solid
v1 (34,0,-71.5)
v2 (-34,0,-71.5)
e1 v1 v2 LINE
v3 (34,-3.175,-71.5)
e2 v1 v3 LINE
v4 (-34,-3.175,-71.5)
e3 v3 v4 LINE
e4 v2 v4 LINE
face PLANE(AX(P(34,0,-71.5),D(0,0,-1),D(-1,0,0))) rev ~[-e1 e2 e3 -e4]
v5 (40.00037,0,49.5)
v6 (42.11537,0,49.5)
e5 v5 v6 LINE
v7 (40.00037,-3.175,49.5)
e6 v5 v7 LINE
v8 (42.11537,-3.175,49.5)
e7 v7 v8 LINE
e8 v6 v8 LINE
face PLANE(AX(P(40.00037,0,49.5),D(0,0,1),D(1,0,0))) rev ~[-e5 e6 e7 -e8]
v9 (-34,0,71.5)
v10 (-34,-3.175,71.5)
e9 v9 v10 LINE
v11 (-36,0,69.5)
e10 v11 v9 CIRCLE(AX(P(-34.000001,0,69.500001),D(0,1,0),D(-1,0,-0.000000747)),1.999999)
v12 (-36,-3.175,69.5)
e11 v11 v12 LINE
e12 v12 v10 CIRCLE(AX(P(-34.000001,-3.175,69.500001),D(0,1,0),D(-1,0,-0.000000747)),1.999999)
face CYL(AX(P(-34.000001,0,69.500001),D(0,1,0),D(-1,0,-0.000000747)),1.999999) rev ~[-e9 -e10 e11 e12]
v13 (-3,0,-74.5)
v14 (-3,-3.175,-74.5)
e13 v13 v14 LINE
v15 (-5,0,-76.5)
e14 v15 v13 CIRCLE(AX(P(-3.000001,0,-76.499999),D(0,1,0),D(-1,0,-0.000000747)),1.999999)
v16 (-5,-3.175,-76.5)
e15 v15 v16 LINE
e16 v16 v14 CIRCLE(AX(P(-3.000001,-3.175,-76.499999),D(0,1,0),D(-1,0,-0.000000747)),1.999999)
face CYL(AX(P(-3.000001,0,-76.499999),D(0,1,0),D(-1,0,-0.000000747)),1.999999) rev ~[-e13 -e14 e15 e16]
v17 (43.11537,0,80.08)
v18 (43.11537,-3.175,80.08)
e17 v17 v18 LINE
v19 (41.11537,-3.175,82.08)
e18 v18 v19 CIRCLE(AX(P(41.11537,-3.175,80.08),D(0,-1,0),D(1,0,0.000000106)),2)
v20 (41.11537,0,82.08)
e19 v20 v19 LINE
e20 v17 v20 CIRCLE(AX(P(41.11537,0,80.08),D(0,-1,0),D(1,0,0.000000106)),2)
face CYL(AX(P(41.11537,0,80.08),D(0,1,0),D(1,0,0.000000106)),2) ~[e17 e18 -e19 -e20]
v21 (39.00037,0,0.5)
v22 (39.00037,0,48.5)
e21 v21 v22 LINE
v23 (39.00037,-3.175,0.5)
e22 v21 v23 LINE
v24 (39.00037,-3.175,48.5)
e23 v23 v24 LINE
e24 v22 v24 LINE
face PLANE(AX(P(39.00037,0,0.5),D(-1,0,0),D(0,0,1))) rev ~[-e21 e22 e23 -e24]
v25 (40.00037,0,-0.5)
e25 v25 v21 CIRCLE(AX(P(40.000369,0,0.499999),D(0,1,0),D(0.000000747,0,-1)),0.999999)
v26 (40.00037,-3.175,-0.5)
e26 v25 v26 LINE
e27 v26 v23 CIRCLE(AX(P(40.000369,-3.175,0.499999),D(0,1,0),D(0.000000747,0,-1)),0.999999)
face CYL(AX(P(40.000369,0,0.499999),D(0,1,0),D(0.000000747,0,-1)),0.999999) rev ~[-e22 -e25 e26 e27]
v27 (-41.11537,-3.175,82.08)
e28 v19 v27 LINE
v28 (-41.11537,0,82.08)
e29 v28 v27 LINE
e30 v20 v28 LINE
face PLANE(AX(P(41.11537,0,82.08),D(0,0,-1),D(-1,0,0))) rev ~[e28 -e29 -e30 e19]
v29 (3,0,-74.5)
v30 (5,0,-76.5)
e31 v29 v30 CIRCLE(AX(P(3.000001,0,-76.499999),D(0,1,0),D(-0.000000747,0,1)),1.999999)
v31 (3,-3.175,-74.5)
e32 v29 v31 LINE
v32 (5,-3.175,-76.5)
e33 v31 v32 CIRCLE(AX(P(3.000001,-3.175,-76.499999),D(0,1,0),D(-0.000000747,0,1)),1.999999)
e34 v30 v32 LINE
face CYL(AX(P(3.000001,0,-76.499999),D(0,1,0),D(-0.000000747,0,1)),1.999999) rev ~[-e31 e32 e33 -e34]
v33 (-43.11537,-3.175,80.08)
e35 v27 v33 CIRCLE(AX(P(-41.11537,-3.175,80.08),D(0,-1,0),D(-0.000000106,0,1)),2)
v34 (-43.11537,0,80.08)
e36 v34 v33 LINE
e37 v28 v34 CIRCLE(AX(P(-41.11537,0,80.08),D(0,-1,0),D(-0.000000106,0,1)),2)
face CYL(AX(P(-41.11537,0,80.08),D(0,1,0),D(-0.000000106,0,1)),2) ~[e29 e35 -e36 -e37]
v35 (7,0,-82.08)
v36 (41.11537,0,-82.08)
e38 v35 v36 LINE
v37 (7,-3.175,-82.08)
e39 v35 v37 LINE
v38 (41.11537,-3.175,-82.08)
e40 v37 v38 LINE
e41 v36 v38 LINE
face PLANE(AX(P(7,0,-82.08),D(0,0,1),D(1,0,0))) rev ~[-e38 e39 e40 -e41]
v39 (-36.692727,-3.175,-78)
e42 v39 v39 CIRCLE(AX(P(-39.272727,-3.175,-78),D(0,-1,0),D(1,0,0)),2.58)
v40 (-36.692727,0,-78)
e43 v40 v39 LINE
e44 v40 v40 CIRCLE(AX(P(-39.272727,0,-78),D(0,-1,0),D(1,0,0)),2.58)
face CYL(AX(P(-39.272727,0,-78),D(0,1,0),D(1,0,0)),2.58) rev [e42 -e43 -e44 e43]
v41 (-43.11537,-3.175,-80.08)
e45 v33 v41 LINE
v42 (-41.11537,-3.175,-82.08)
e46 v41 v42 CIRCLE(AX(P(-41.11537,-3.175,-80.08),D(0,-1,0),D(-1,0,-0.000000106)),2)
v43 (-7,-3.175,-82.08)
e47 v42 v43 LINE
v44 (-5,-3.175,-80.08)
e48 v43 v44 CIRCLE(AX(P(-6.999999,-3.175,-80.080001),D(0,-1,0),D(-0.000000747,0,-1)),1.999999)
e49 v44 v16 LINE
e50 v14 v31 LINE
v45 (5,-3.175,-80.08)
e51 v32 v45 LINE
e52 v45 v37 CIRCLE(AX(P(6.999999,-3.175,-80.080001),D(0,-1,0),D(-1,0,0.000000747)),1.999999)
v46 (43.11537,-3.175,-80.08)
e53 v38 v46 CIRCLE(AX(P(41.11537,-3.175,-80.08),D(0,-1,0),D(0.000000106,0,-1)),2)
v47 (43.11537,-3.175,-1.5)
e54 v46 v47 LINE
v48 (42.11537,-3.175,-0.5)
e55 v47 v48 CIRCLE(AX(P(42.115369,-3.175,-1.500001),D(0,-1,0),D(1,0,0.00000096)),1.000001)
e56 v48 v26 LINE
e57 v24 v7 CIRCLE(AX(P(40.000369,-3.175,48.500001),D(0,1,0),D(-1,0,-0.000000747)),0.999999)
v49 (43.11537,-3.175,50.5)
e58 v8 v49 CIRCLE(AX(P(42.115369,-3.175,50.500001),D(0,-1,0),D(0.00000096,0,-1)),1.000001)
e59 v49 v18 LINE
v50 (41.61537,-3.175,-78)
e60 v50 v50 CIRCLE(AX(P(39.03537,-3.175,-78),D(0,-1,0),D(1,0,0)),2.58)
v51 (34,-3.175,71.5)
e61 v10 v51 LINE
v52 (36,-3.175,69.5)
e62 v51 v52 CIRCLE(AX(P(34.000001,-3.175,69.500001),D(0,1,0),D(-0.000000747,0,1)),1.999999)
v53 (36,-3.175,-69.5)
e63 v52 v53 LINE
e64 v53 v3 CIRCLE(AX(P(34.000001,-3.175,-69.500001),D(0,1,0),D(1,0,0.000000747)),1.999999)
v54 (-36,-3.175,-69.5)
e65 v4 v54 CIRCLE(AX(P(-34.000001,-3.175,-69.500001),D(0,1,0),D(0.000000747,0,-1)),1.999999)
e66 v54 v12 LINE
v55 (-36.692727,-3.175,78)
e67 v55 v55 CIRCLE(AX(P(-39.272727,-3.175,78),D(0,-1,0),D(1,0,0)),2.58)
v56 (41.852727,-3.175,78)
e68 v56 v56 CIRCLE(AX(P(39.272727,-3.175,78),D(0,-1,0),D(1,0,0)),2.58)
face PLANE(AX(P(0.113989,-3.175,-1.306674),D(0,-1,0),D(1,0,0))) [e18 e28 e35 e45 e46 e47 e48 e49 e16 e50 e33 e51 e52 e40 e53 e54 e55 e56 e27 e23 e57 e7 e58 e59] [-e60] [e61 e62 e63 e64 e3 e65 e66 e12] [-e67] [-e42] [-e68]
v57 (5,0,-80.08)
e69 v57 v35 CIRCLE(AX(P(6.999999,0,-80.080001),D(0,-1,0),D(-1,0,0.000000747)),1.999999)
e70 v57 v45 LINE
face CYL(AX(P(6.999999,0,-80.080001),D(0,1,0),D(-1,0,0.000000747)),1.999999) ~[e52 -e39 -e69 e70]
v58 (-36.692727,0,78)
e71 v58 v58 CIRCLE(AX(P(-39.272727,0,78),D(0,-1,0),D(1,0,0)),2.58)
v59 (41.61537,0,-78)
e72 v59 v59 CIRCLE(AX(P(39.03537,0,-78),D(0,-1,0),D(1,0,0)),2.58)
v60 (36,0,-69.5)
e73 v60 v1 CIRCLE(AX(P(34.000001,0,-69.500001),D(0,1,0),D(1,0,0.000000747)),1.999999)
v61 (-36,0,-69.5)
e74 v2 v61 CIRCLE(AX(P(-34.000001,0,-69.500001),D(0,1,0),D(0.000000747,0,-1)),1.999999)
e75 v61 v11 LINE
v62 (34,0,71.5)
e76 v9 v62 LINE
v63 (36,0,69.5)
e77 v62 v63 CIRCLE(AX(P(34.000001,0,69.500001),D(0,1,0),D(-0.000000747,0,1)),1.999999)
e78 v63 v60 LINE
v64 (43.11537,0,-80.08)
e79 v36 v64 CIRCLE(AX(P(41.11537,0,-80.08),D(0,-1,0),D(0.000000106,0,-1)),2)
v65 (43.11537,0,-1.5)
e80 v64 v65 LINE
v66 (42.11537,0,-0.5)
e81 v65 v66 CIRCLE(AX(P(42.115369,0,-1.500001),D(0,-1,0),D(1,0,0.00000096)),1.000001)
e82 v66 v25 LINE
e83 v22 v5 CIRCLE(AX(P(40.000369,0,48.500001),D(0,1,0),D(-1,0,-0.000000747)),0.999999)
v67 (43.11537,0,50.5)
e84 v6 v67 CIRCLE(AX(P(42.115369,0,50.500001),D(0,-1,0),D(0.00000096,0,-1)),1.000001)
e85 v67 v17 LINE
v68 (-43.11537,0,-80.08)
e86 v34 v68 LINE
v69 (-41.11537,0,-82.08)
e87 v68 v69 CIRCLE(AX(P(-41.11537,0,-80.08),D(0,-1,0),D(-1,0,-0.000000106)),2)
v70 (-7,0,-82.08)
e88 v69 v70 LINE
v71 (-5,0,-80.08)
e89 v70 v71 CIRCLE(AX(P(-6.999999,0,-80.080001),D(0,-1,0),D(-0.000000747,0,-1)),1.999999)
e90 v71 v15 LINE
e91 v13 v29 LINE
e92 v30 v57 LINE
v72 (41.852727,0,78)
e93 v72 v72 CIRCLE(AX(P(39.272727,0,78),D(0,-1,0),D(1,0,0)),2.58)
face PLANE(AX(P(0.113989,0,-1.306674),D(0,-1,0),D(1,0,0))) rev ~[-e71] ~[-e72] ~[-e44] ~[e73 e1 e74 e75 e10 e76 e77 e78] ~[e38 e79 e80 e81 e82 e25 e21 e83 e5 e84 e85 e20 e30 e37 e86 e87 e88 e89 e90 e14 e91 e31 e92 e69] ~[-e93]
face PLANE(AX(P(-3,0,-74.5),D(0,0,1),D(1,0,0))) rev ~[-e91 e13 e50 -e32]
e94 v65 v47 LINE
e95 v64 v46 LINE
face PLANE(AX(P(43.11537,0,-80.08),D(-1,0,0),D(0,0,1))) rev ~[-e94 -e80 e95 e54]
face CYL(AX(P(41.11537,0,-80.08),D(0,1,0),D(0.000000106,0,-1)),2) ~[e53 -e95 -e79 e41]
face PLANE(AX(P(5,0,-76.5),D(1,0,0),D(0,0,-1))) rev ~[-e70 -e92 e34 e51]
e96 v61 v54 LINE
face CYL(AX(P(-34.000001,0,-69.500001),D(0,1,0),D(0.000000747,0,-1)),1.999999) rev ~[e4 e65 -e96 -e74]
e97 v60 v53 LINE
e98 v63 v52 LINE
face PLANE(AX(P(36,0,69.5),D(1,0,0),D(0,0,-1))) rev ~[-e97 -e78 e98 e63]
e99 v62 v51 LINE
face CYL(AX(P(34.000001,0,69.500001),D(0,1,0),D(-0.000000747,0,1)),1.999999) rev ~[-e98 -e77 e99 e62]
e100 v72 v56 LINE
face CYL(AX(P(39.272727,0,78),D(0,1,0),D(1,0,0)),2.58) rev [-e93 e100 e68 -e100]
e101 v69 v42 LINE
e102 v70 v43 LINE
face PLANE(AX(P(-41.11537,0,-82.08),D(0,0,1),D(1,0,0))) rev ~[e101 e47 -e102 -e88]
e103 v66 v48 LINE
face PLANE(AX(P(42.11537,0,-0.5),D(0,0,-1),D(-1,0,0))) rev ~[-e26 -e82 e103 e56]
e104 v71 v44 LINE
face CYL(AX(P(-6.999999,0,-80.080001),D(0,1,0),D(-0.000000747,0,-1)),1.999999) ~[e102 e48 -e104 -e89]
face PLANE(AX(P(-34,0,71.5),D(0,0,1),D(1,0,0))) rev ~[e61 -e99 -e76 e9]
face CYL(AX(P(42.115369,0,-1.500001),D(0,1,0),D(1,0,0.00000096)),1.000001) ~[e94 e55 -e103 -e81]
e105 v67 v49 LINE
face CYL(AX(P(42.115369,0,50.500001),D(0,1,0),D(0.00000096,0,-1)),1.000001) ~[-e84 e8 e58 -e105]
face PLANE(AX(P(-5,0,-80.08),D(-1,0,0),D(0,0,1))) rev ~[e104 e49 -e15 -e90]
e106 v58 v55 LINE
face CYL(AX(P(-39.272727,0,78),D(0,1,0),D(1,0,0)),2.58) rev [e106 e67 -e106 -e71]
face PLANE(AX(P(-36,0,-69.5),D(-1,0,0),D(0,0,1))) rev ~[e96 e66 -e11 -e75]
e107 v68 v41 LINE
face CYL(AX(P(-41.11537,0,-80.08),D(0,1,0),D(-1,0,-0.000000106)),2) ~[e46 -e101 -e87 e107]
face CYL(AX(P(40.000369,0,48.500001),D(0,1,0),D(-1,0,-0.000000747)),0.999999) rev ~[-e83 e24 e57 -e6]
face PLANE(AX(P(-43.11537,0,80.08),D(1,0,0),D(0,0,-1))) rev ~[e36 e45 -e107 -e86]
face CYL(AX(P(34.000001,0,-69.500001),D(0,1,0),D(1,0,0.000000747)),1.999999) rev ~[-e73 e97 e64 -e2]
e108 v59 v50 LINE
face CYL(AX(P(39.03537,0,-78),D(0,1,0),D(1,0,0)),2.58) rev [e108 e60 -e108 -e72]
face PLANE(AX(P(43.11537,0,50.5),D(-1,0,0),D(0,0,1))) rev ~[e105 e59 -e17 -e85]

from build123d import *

# Parameters (mm, degrees)
F1_R     = 2.58
F2_DEPTH = 3.175


with BuildPart() as f2:
    # F1 (on Front) → F2 (new body)
    with BuildSketch(Plane.XZ):
        with BuildLine():
            ThreePointArc((43.11537, 80.08), (42.529583, 81.494214), (41.11537, 82.08))
            Line((41.11537, 82.08), (-41.11537, 82.08))
            ThreePointArc((-41.11537, 82.08), (-42.529583, 81.494214), (-43.11537, 80.08))
            Line((-43.11537, 80.08), (-43.11537, -80.08))
            ThreePointArc((-43.11537, -80.08), (-42.529583, -81.494214), (-41.11537, -82.08))
            Line((-41.11537, -82.08), (-7, -82.08))
            ThreePointArc((-7, -82.08), (-5.585786, -81.494214), (-5, -80.08))
            Line((-5, -80.08), (-5, -76.5))
            ThreePointArc((-5, -76.5), (-4.414214, -75.085786), (-3, -74.5))
            Line((-3, -74.5), (3, -74.5))
            ThreePointArc((3, -74.5), (4.414214, -75.085786), (5, -76.5))
            Line((5, -76.5), (5, -80.08))
            ThreePointArc((5, -80.08), (5.585786, -81.494214), (7, -82.08))
            Line((7, -82.08), (41.11537, -82.08))
            ThreePointArc((41.11537, -82.08), (42.529583, -81.494214), (43.11537, -80.08))
            Line((43.11537, -80.08), (43.11537, -1.5))
            ThreePointArc((43.11537, -1.5), (42.822476, -0.792893), (42.11537, -0.5))
            Line((42.11537, -0.5), (40.00037, -0.5))
            ThreePointArc((40.00037, -0.5), (39.293263, -0.207107), (39.00037, 0.5))
            Line((39.00037, 0.5), (39.00037, 48.5))
            ThreePointArc((39.00037, 48.5), (39.293263, 49.207107), (40.00037, 49.5))
            Line((40.00037, 49.5), (42.11537, 49.5))
            ThreePointArc((42.11537, 49.5), (42.822476, 49.792893), (43.11537, 50.5))
            Line((43.11537, 50.5), (43.11537, 80.08))
        make_face()
        with Locations((-39.272727, -78)):
            Circle(F1_R, mode=Mode.SUBTRACT)
        with Locations((39.03537, -78)):
            Circle(F1_R, mode=Mode.SUBTRACT)
        with BuildLine():
            Line((-34, 71.5), (34, 71.5))
            ThreePointArc((34, 71.5), (35.414214, 70.914214), (36, 69.5))
            Line((36, 69.5), (36, -69.5))
            ThreePointArc((36, -69.5), (35.414214, -70.914214), (34, -71.5))
            Line((34, -71.5), (-34, -71.5))
            ThreePointArc((-34, -71.5), (-35.414214, -70.914214), (-36, -69.5))
            Line((-36, -69.5), (-36, 69.5))
            ThreePointArc((-36, 69.5), (-35.414214, 70.914214), (-34, 71.5))
        make_face(mode=Mode.SUBTRACT)
        with Locations((-39.272727, 78)):
            Circle(F1_R, mode=Mode.SUBTRACT)
        with Locations((39.272727, 78)):
            Circle(F1_R, mode=Mode.SUBTRACT)
    extrude(amount=F2_DEPTH)


solid = f2.part
